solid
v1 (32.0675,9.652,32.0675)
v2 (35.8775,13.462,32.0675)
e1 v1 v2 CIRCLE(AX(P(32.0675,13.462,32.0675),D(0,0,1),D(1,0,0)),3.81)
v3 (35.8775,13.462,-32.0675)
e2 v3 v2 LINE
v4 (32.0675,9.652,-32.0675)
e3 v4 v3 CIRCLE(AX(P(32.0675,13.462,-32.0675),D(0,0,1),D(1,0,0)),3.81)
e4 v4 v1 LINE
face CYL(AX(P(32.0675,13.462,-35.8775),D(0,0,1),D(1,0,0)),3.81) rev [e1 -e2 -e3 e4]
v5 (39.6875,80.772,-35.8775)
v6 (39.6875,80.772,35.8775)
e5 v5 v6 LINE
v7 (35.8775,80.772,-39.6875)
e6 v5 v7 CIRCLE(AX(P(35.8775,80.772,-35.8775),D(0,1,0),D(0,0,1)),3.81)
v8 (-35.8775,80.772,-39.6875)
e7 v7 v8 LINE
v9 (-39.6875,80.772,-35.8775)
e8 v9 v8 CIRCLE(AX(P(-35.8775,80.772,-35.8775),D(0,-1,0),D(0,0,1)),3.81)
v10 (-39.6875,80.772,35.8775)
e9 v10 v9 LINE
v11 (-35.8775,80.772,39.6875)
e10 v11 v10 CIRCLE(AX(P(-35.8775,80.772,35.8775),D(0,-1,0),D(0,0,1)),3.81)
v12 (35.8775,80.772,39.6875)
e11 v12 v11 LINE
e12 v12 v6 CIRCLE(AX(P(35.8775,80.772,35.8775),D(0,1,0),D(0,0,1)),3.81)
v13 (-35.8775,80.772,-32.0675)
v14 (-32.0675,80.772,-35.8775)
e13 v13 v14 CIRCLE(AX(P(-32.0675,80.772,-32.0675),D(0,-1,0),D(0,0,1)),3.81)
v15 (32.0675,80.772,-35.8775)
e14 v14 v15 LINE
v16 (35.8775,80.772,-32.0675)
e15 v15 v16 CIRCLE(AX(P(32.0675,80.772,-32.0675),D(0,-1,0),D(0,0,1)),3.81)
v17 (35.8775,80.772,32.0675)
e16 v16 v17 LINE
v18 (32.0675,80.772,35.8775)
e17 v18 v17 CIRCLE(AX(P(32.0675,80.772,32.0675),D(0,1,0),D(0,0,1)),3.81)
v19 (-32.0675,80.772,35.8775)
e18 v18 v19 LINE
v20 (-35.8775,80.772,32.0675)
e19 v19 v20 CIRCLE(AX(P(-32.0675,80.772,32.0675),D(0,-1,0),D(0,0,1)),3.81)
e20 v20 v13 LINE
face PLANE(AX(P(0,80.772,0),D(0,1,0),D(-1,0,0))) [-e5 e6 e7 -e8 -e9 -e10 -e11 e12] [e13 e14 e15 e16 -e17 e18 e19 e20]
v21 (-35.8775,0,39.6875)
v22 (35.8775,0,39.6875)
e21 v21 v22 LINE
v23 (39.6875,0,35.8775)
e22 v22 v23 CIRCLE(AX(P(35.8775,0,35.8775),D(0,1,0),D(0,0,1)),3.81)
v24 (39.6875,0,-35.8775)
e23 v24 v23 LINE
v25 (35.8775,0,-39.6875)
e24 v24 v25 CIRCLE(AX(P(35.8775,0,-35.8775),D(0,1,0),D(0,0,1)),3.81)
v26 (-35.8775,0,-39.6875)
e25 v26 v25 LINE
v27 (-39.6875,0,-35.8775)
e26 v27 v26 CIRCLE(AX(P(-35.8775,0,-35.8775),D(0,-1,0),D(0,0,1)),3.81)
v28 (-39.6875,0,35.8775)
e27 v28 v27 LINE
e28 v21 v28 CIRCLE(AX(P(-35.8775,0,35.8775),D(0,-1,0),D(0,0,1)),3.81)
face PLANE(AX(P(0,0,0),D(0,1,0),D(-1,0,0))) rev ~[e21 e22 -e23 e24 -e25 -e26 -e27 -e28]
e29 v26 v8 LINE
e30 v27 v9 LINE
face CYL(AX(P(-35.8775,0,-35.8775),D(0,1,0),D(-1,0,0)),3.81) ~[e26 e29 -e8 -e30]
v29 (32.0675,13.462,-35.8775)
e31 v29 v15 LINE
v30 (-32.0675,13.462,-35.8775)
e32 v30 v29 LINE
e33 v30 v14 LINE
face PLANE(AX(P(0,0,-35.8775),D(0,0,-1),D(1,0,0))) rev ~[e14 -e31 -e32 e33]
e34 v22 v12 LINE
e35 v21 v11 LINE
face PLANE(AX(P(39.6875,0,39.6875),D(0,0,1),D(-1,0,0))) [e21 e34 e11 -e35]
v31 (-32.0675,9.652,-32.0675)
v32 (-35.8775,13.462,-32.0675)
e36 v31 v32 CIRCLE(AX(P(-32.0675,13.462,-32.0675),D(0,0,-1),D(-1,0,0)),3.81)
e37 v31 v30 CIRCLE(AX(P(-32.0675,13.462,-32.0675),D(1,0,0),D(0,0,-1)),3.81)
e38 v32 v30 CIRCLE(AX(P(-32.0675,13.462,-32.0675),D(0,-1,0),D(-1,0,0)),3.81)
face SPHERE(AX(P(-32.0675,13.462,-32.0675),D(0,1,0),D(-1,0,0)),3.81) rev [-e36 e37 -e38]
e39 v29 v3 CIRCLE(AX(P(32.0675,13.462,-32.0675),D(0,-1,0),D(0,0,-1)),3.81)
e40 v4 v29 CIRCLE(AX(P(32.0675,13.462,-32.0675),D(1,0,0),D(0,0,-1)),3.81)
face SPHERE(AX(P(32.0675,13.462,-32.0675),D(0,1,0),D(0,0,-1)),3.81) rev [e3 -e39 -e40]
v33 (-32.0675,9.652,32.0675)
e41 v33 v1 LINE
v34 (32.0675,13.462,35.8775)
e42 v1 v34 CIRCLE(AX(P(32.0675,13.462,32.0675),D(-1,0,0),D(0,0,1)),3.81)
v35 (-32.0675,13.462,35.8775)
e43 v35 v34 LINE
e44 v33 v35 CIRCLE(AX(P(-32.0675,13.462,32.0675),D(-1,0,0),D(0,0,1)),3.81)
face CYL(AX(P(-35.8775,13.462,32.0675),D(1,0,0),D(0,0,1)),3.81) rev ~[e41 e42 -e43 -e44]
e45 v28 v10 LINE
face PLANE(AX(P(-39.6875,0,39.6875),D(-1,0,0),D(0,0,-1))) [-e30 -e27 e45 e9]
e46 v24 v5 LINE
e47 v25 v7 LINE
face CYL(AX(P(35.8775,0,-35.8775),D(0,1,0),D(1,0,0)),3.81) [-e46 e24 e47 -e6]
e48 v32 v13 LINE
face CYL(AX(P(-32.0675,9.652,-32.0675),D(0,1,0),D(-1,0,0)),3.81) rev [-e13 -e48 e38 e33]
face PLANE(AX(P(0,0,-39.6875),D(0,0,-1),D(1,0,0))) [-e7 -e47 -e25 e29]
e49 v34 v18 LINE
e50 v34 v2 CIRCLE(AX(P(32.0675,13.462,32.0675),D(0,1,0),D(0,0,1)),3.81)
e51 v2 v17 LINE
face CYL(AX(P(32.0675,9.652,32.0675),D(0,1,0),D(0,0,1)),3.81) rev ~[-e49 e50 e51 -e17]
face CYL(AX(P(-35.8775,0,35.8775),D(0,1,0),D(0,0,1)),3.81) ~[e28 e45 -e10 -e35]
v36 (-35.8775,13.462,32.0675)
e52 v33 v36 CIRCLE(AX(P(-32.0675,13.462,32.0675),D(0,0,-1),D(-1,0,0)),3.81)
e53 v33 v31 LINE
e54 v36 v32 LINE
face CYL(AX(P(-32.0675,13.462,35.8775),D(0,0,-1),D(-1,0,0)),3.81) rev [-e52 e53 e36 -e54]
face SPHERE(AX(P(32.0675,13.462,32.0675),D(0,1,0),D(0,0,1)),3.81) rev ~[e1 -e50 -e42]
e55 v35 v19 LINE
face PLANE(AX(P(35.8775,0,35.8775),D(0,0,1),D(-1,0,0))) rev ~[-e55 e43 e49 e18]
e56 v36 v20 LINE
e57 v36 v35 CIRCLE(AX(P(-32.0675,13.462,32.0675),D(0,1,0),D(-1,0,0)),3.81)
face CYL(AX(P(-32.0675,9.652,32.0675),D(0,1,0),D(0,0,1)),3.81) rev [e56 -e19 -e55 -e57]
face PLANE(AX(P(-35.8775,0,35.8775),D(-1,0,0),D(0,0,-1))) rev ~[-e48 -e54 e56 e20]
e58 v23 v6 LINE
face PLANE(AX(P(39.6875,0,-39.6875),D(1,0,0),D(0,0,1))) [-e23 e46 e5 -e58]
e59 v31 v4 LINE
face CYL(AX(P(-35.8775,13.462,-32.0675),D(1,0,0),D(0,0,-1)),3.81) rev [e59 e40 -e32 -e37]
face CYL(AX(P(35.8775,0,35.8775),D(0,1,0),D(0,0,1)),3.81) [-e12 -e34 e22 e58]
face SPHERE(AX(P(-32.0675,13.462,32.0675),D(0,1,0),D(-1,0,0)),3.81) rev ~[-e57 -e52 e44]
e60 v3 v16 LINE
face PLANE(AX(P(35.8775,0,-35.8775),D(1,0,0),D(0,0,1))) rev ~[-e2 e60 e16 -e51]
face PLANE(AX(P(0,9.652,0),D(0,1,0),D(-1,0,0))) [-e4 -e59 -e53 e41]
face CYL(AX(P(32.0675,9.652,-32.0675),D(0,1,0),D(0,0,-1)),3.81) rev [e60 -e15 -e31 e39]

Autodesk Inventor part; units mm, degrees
ref_plane "YZ Plane" through (0, 0, 0) normal (1, 0, 0) x (0, 1, 0)
ref_plane "XZ Plane" through (0, 0, 0) normal (0, 1, 0) x (-1, 0, 0)
ref_plane "XY Plane" through (0, 0, 0) normal (0, 0, 1) x (1, 0, 0)
sketch "Sketch1" plane through (0, 0, 0) normal (0, 1, 0) x (-1, 0, 0)
  line L0 (-39.6875, 39.6875) -> (39.6875, 39.6875)
  line L1 (39.6875, 39.6875) -> (39.6875, -39.6875)
  line L2 (39.6875, -39.6875) -> (-39.6875, -39.6875)
  line L3 (-39.6875, -39.6875) -> (-39.6875, 39.6875)
  line L4 (-39.6875, 39.6875) -> (39.6875, -39.6875) construction
  line L5 (39.6875, 39.6875) -> (-39.6875, -39.6875) construction
  line L6 (-35.8775, 35.8775) -> (35.8775, 35.8775)
  line L7 (35.8775, 35.8775) -> (35.8775, -35.8775)
  line L8 (35.8775, -35.8775) -> (-35.8775, -35.8775)
  line L9 (-35.8775, -35.8775) -> (-35.8775, 35.8775)
  line L10 (-35.8775, 35.8775) -> (35.8775, -35.8775) construction
  line L11 (35.8775, 35.8775) -> (-35.8775, -35.8775) construction
  line L12 (0, -55.5625) -> (0, 55.5625) projected
  point P0 (0, 0)
  dimension "d0" = 3.81
  dimension "d10" = 79.375
  dimension "d11" = 45
extrude "Extrusion1" add sketch "Sketch1" along normal blind 80.772 contours L0 L12 L6 L9 L8 L2 L3 | L0 L1 L2 L12 L8 L7 L6
extrude "Extrusion2" add sketch "Sketch1" along normal blind 9.652 contours L12 L8 L9 L6 | L6 L7 L8 L12
fillet "Fillet1" radius 3.81 12 edges at (-39.6875, 40.386, 39.6875) (-35.8775, 45.212, 35.8775) (-39.6875, 40.386, -39.6875) (-35.8775, 45.212, -35.8775) (35.8775, 45.212, -35.8775) (39.6875, 40.386, -39.6875) (35.8775, 45.212, 35.8775) (39.6875, 40.386, 39.6875) (-35.8775, 9.652, 0) (0, 9.652, 35.8775) (0, 9.652, -35.8775) (35.8775, 9.652, 0)
properties part number "CandleHolder-3" material "Glass"
